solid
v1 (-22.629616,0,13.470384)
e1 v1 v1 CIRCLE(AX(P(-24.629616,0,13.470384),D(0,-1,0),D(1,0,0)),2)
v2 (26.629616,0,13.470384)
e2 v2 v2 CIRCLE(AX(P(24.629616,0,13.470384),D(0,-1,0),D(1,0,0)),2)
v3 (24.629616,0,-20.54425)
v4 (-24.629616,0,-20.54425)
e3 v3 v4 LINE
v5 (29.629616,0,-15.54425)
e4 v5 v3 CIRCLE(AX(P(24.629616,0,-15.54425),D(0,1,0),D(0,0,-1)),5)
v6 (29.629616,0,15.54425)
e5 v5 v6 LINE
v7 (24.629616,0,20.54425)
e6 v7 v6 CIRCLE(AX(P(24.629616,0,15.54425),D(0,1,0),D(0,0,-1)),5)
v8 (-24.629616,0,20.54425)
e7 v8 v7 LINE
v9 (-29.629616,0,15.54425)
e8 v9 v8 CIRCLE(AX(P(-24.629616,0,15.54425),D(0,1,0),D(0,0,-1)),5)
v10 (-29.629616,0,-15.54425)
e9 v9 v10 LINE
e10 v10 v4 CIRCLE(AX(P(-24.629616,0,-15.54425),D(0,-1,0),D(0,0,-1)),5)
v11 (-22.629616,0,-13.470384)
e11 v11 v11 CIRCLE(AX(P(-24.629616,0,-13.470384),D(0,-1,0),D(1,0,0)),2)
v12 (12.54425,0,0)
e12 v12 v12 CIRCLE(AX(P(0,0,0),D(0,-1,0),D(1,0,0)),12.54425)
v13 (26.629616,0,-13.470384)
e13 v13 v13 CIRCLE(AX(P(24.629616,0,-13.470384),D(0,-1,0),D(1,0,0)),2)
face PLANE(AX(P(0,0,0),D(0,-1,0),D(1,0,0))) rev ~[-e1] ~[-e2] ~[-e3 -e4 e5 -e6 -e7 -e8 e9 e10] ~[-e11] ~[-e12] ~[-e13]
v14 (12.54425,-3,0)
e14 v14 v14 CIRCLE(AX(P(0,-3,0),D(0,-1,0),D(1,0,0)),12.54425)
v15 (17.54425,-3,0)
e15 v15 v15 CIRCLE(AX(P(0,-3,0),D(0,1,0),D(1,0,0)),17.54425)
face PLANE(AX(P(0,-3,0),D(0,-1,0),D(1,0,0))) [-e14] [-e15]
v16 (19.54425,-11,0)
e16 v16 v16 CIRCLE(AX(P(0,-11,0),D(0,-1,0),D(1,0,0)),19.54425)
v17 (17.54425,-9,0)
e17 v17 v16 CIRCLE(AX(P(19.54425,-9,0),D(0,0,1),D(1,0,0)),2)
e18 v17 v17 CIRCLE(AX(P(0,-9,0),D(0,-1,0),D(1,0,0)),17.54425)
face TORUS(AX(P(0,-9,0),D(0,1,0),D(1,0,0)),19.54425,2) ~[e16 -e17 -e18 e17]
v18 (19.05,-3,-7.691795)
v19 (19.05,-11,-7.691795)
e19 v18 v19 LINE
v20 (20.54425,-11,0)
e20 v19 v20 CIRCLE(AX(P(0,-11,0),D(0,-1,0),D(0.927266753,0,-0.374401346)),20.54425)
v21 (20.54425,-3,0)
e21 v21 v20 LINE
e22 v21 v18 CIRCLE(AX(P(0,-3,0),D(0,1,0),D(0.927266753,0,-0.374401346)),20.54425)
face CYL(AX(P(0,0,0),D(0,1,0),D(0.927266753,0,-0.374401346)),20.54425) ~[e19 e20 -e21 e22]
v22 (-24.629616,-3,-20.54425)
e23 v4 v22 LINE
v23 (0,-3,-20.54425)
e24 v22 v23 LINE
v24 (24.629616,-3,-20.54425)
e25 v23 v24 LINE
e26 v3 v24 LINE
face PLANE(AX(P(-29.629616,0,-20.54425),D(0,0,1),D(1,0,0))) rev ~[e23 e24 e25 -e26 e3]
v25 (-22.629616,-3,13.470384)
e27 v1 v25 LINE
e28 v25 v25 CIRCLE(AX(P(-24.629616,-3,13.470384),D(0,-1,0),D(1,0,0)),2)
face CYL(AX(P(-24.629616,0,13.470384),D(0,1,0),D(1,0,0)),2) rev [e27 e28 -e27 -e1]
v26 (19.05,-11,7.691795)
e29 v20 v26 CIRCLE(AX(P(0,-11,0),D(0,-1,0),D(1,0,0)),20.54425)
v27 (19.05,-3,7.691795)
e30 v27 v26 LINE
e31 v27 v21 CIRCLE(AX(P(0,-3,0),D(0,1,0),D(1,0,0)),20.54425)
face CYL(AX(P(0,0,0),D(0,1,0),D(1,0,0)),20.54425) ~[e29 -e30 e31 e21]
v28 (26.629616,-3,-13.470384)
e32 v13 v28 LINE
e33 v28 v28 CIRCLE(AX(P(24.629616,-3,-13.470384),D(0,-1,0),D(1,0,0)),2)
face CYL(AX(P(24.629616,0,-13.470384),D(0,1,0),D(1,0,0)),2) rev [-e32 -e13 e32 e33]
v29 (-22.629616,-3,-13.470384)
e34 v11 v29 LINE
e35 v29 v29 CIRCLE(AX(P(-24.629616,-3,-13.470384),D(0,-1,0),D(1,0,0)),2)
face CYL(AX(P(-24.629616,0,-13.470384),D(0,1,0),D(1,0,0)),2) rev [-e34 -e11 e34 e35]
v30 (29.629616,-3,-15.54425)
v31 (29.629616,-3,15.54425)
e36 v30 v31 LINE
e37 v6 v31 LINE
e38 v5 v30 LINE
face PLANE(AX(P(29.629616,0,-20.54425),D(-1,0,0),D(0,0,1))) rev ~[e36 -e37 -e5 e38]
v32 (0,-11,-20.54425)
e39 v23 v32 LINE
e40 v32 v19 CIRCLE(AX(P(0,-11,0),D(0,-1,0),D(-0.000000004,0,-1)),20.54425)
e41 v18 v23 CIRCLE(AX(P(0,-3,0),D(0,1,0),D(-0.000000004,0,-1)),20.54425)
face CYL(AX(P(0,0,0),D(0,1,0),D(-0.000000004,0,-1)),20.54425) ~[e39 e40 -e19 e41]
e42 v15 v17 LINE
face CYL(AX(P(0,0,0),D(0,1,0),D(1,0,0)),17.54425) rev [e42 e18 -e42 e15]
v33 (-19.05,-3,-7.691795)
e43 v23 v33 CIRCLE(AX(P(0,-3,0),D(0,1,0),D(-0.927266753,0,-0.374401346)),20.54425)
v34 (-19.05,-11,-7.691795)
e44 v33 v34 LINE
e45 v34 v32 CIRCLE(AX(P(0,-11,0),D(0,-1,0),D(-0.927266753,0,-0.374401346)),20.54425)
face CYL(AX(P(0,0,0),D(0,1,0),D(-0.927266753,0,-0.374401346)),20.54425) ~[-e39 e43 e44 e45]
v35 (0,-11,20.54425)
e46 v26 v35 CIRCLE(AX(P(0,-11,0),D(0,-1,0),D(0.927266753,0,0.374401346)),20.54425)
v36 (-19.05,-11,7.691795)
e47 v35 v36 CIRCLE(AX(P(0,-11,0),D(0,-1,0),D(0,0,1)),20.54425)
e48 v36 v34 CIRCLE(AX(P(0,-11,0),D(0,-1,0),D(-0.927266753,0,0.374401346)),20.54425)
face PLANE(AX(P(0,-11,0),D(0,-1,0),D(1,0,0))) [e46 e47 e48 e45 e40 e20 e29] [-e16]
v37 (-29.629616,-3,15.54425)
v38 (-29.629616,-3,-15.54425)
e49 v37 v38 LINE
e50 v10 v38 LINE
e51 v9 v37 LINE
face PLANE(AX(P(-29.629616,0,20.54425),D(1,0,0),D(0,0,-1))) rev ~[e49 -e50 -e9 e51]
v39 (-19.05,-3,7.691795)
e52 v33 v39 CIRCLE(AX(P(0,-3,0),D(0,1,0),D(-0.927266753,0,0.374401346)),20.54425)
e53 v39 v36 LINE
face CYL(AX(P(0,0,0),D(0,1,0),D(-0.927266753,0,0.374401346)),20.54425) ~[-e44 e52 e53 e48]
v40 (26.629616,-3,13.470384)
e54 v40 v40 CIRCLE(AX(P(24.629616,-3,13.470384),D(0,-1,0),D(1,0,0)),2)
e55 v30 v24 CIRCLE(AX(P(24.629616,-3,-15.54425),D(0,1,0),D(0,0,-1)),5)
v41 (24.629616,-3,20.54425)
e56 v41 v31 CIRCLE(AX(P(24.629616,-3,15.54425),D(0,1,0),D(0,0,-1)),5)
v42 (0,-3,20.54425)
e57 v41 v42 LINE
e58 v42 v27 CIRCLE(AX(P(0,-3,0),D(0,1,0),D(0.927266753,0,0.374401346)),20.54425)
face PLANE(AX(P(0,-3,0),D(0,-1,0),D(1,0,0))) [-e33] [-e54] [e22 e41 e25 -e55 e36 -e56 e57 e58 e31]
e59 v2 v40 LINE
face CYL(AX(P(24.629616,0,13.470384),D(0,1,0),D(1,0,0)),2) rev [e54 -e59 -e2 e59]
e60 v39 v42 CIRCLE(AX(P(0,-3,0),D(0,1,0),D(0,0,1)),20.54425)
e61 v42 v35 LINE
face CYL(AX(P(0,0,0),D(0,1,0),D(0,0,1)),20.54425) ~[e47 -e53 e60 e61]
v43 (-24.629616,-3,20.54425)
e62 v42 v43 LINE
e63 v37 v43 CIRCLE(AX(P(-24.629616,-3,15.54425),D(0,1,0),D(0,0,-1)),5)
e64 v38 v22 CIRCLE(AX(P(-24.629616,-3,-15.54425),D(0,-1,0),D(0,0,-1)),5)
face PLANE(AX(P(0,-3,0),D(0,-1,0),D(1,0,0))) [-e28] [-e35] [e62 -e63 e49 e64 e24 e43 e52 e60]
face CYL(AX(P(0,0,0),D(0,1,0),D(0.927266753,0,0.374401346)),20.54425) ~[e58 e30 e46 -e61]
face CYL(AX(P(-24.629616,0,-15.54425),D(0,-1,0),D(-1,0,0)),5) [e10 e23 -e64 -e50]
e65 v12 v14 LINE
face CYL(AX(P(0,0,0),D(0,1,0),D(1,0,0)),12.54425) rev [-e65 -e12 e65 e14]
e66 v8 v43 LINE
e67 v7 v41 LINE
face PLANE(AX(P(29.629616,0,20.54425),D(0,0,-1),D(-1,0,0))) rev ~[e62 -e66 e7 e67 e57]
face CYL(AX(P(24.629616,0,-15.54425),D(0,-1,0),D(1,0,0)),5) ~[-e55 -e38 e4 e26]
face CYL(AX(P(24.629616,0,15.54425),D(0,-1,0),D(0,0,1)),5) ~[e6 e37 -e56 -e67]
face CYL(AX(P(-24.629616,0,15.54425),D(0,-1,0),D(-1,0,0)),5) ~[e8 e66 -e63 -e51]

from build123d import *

# Parameters (mm, degrees)
F0_R     = 17.54425
F0_R_2   = 2
F1_DEPTH = 3
F0_R_3   = 12.54425
F2_DEPTH = 3
F3_DEPTH = 11
F4_R     = 5
F5_R     = 2


with BuildPart() as f1:
    # F0 (on Front) → F1 (new body)
    with BuildSketch(Plane.XZ):
        with BuildLine():
            ThreePointArc((19.05, 7.6917948531), (11.4900838041, 17.0306835517), (0, 20.54425))
            ThreePointArc((0, 20.54425), (-11.4900838041, 17.0306835517), (-19.05, 7.6917948531))
            Line((-19.05, 7.6917948531), (-19.05, -7.6917948531))
            ThreePointArc((-19.05, -7.6917948531), (-11.4900838386, -17.0306835284), (-8.31e-08, -20.54425))
            ThreePointArc((-8.31e-08, -20.54425), (11.4900837697, -17.0306835749), (19.05, -7.6917948531))
            Line((19.05, -7.6917948531), (19.05, 7.6917948531))
        make_face()
        Circle(F0_R, mode=Mode.SUBTRACT)
        with BuildLine():
            Line((29.6296158184, 20.54425), (19.05, 20.54425))
            Line((19.05, 20.54425), (19.05, 7.6917948531))
            ThreePointArc((19.05, 7.6917948531), (20.1672280019, 3.9177956533), (20.54425, 0))
            ThreePointArc((20.54425, 0), (20.1672280019, -3.9177956533), (19.05, -7.6917948531))
            Line((19.05, -7.6917948531), (19.05, -20.54425))
            Line((19.05, -20.54425), (29.6296158184, -20.54425))
            Line((29.6296158184, -20.54425), (29.6296158184, 20.54425))
        make_face()
        with Locations((24.6296158184, -13.4703841816)):
            Circle(F0_R_2, mode=Mode.SUBTRACT)
        with Locations((24.6296158184, 13.4703841816)):
            Circle(F0_R_2, mode=Mode.SUBTRACT)
        with BuildLine():
            Line((-19.05, 7.6917948531), (-19.05, 20.54425))
            Line((-19.05, 20.54425), (-29.6296158184, 20.54425))
            Line((-29.6296158184, 20.54425), (-29.6296158184, -20.54425))
            Line((-29.6296158184, -20.54425), (-19.05, -20.54425))
            Line((-19.05, -20.54425), (-19.05, -7.6917948531))
            ThreePointArc((-19.05, -7.6917948531), (-20.54425, 0), (-19.05, 7.6917948531))
        make_face()
        with Locations((-24.6296158184, -13.4703841816)):
            Circle(F0_R_2, mode=Mode.SUBTRACT)
        with Locations((-24.6296158184, 13.4703841816)):
            Circle(F0_R_2, mode=Mode.SUBTRACT)
        with BuildLine():
            Line((0, 20.54425), (-19.05, 20.54425))
            Line((-19.05, 20.54425), (-19.05, 7.6917948531))
            ThreePointArc((-19.05, 7.6917948531), (-11.4900838041, 17.0306835517), (0, 20.54425))
        make_face()
        with BuildLine():
            Line((-19.05, -7.6917948531), (-19.05, 7.6917948531))
            ThreePointArc((-19.05, 7.6917948531), (-20.54425, 0), (-19.05, -7.6917948531))
        make_face()
        with BuildLine():
            ThreePointArc((20.54425, 0), (20.1672280019, 3.9177956533), (19.05, 7.6917948531))
            Line((19.05, 7.6917948531), (19.05, -7.6917948531))
            ThreePointArc((19.05, -7.6917948531), (20.1672280019, -3.9177956533), (20.54425, 0))
        make_face()
        with BuildLine():
            Line((19.05, 20.54425), (0, 20.54425))
            ThreePointArc((0, 20.54425), (11.4900838041, 17.0306835517), (19.05, 7.6917948531))
            Line((19.05, 7.6917948531), (19.05, 20.54425))
        make_face()
        with BuildLine():
            Line((19.05, -20.54425), (19.05, -7.6917948531))
            ThreePointArc((19.05, -7.6917948531), (11.4900837697, -17.0306835749), (-8.31e-08, -20.54425))
            Line((-8.31e-08, -20.54425), (19.05, -20.54425))
        make_face()
        with BuildLine():
            ThreePointArc((-8.31e-08, -20.54425), (-11.4900838386, -17.0306835284), (-19.05, -7.6917948531))
            Line((-19.05, -7.6917948531), (-19.05, -20.54425))
            Line((-19.05, -20.54425), (-8.31e-08, -20.54425))
        make_face()
    extrude(amount=F1_DEPTH)

    # F0 (on Front) → F2 (join)
    with BuildSketch(Plane.XZ):
        Circle(F0_R)
        Circle(F0_R_3, mode=Mode.SUBTRACT)
    extrude(amount=F2_DEPTH)

    # F0 (on Front) → F3 (join)
    with BuildSketch(Plane.XZ):
        with BuildLine():
            ThreePointArc((19.05, 7.6917948531), (11.4900838041, 17.0306835517), (0, 20.54425))
            ThreePointArc((0, 20.54425), (-11.4900838041, 17.0306835517), (-19.05, 7.6917948531))
            Line((-19.05, 7.6917948531), (-19.05, -7.6917948531))
            ThreePointArc((-19.05, -7.6917948531), (-11.4900838386, -17.0306835284), (-8.31e-08, -20.54425))
            ThreePointArc((-8.31e-08, -20.54425), (11.4900837697, -17.0306835749), (19.05, -7.6917948531))
            Line((19.05, -7.6917948531), (19.05, 7.6917948531))
        make_face()
        Circle(F0_R, mode=Mode.SUBTRACT)
        with BuildLine():
            Line((-19.05, -7.6917948531), (-19.05, 7.6917948531))
            ThreePointArc((-19.05, 7.6917948531), (-20.54425, 0), (-19.05, -7.6917948531))
        make_face()
        with BuildLine():
            ThreePointArc((20.54425, 0), (20.1672280019, 3.9177956533), (19.05, 7.6917948531))
            Line((19.05, 7.6917948531), (19.05, -7.6917948531))
            ThreePointArc((19.05, -7.6917948531), (20.1672280019, -3.9177956533), (20.54425, 0))
        make_face()
    extrude(amount=F3_DEPTH)

    # F4
    f4_edges = [f1.edges().sort_by_distance(p)[0] for p in [
        (-29.629616, -1.5, 20.54425),
        (-29.629616, -1.5, -20.54425),
        (29.629616, -1.5, -20.54425),
        (29.629616, -1.5, 20.54425),
    ]]
    fillet(f4_edges, radius=F4_R)

    # F5
    f5_edges = [f1.edges().sort_by_distance(p)[0] for p in [
        (-17.54425, -11, 0),
    ]]
    fillet(f5_edges, radius=F5_R)


solid = f1.part
